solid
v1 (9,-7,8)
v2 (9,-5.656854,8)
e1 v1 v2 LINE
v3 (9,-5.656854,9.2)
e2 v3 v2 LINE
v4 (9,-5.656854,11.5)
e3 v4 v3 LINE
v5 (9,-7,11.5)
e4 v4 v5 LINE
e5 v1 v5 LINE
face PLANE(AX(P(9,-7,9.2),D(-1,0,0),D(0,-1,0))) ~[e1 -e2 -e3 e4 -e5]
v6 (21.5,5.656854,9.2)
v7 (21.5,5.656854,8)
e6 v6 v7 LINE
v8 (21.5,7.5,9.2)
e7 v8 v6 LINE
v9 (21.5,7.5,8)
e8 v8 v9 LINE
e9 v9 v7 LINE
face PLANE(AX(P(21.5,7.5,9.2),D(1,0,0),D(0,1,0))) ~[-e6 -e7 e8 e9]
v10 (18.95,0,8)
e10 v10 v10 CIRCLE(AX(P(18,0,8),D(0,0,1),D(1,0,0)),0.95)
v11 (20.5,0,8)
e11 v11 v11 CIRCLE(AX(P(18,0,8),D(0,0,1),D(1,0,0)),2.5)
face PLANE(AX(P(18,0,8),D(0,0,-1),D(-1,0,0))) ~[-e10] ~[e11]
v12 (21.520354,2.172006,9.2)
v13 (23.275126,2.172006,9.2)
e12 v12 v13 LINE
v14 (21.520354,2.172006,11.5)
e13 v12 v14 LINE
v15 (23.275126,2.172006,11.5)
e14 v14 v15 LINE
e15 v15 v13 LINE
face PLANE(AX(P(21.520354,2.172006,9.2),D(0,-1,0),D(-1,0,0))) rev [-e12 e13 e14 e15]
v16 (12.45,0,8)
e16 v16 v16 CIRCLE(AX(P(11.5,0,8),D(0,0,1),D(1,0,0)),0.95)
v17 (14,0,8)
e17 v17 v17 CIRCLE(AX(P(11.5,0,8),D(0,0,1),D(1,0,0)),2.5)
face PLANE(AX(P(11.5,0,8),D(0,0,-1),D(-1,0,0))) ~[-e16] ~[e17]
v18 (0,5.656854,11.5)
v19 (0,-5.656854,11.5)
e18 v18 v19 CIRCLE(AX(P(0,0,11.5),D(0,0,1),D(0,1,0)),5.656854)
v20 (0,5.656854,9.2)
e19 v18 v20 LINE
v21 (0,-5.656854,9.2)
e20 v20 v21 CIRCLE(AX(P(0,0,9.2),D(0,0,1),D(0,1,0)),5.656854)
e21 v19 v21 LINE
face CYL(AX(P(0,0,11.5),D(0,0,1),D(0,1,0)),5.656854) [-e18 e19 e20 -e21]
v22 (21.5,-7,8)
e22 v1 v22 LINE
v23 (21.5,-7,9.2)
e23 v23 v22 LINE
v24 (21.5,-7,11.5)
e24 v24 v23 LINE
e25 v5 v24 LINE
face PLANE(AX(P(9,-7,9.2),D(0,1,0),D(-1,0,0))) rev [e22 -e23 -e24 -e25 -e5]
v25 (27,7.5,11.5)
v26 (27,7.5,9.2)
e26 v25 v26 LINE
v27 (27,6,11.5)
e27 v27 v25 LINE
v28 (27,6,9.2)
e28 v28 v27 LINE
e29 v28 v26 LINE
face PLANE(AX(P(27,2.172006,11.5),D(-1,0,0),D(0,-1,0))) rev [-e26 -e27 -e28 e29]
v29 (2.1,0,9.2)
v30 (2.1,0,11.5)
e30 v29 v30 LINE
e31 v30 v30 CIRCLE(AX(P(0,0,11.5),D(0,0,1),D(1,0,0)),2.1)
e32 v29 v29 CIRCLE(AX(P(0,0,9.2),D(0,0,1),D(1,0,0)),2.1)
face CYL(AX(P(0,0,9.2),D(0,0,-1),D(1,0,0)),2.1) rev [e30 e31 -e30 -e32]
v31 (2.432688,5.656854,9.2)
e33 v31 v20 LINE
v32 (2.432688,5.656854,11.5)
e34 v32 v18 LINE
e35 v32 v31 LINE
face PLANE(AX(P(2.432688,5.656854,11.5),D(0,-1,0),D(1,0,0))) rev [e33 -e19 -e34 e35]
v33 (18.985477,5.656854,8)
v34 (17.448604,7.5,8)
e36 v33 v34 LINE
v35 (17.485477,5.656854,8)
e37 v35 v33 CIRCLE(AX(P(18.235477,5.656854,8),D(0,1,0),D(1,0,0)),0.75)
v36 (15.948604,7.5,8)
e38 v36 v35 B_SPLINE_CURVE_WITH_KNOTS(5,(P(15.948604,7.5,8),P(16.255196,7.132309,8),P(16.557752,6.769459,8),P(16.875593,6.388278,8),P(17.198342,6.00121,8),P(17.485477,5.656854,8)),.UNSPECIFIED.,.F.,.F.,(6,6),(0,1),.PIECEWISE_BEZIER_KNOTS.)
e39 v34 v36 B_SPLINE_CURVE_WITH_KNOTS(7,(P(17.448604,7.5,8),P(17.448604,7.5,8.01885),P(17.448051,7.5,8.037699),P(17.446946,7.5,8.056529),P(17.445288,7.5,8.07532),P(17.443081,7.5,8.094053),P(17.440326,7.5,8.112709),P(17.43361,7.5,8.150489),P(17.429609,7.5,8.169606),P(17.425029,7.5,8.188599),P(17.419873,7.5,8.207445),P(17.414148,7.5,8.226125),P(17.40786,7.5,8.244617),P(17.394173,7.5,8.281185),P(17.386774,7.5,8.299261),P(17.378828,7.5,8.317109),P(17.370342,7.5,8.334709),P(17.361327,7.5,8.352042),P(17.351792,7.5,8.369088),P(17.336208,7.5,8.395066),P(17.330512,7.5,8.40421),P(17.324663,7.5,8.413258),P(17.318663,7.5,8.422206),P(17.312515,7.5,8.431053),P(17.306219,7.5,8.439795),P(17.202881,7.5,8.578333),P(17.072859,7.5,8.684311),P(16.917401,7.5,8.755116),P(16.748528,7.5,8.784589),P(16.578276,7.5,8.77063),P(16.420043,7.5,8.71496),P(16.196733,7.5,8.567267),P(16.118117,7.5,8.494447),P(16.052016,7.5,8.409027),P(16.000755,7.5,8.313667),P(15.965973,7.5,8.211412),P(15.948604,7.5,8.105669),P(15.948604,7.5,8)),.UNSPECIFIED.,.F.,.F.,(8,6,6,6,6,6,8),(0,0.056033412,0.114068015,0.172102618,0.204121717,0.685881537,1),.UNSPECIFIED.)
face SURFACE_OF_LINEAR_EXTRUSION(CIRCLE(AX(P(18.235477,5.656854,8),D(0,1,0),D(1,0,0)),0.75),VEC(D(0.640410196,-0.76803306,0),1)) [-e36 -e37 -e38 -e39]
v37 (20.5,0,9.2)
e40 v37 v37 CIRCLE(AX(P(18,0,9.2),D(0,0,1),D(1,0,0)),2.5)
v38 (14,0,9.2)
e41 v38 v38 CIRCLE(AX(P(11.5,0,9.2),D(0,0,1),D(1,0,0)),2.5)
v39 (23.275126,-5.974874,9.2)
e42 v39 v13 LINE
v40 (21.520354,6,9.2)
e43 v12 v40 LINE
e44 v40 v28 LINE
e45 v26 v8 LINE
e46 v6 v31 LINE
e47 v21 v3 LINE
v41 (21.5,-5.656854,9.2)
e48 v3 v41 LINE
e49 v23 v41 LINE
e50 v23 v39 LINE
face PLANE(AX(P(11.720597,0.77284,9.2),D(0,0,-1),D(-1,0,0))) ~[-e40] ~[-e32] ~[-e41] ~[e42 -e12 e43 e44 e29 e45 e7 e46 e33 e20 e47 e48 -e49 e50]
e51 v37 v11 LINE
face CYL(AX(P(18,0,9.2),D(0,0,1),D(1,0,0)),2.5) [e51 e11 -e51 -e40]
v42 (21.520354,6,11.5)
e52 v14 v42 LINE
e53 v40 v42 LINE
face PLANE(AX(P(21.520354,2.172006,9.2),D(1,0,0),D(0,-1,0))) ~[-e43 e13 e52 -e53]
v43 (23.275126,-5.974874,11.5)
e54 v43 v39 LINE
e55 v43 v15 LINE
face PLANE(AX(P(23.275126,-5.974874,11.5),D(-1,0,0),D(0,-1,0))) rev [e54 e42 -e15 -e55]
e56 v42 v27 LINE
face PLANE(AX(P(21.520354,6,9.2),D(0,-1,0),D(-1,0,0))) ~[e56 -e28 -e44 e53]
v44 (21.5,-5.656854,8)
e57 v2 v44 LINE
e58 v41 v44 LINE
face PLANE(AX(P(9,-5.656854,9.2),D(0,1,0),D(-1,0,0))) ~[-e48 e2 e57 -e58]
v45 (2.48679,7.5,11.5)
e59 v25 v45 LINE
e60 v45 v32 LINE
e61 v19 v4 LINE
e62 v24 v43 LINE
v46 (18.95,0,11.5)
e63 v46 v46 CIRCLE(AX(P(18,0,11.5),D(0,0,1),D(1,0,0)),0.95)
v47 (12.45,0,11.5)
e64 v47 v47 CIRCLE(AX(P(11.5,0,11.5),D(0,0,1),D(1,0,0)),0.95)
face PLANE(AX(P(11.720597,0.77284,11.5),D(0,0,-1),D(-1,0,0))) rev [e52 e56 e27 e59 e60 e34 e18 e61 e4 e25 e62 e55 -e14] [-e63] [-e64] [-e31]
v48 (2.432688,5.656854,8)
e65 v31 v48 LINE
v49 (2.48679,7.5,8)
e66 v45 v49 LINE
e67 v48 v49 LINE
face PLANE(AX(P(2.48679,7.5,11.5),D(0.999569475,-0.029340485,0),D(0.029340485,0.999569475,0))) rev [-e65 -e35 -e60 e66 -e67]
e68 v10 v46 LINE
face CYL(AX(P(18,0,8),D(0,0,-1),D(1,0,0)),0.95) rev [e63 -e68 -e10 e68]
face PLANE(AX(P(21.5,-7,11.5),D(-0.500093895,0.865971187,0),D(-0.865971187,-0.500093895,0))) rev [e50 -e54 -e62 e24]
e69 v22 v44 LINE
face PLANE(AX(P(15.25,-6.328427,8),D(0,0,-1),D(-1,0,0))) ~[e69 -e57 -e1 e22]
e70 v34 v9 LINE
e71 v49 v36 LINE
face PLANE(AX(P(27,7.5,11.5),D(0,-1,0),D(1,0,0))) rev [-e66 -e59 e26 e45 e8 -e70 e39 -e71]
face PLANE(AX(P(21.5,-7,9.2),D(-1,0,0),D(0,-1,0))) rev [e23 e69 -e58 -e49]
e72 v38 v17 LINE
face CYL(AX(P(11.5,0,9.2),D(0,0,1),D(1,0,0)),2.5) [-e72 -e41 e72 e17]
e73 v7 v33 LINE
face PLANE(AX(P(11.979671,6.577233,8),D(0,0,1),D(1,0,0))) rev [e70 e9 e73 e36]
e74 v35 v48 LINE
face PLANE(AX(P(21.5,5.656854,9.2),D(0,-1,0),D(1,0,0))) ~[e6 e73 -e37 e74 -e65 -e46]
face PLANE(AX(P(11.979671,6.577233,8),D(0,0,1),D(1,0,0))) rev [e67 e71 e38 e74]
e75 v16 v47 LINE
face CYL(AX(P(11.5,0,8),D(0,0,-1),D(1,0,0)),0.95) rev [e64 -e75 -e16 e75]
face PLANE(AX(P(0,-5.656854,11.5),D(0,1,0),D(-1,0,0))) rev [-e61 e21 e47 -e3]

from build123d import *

# Parameters (mm, degrees)
BOSS_EXTRUDE1_DEPTH  = 2
BOSS_EXTRUDE6_DEPTH  = 2.5
CUT_EXTRUDE6_DEPTH   = 2.5
BOSS_EXTRUDE14_DEPTH = 2.3
SKETCH32_R           = 2.1
CUT_EXTRUDE7_DEPTH   = 2.3
SKETCH33_W           = 12.5
SKETCH33_H           = 1.343145751
BOSS_EXTRUDE15_DEPTH = 1.2
SKETCH35_W           = 5.479645997
SKETCH35_H           = 3.827993755
CUT_EXTRUDE8_DEPTH   = 2.4
SKETCH36_W           = 3.7
SKETCH36_H           = 1.827993755
CUT_EXTRUDE9_DEPTH   = 2.4
SKETCH37_R           = 3.9
BOSS_EXTRUDE16_DEPTH = 2.3
CUT_EXTRUDE10_DEPTH  = 5.3
SKETCH43_R           = 2.5
BOSS_EXTRUDE17_DEPTH = 1.2
SKETCH44_R           = 0.95
CUT_EXTRUDE11_DEPTH  = 9
SKETCH45_R           = 2
CUT_EXTRUDE12_DEPTH  = 2.5
SKETCH52_R           = 0.75
CUT_EXTRUDE13_DEPTH  = 10


with BuildPart() as part:
    # Sketch3 → Boss-Extrude1 (new body)
    with BuildSketch(Plane.XY):
        with BuildLine():
            Line((8, 0), (9, -2.5))
            Line((9, -2.5), (9, -7))
            Line((9, -7), (21.5, -7))
            Line((21.5, -7), (25.050252532, -4.949747468))
            ThreePointArc((25.050252532, -4.949747468), (36.467156728, -2.678784027), (30, 7))
            Line((30, 7), (27, 7.5))
            Line((27, 7.5), (5.656854249, 7.5))
            Line((5.656854249, 7.5), (5.656854249, 5.656854249))
            ThreePointArc((5.656854249, 5.656854249), (7.39103626, 3.061467459), (8, 0))
        make_face()
    extrude(amount=BOSS_EXTRUDE1_DEPTH)

    # Sketch22 → Boss-Extrude6 (add)
    with BuildSketch(Plane.XY.offset(2)):
        with BuildLine():
            Line((5.656854249, 5.656854249), (2.486790148, 5.656854249))
            Line((2.486790148, 5.656854249), (2.486790148, 7.5))
            Line((2.486790148, 7.5), (5.656854249, 7.5))
            Line((5.656854249, 7.5), (21.5, 7.5))
            Line((21.5, 7.5), (27, 7.5))
            Line((27, 7.5), (27, 2.172006245))
            Line((27, 2.172006245), (23.275126266, 2.172006245))
            Line((23.275126266, 2.172006245), (23.275126266, -5.974873734))
            Line((23.275126266, -5.974873734), (21.5, -7))
            Line((21.5, -7), (9, -7))
            Line((9, -7), (9, -2.5))
            Line((9, -2.5), (8, 0))
            ThreePointArc((8, 0), (7.39103626, 3.061467459), (5.656854249, 5.656854249))
        make_face()
    extrude(amount=BOSS_EXTRUDE6_DEPTH)

    # Sketch26 → Cut-Extrude6 (cut)
    with BuildSketch(Plane.XY.offset(2)):
        Polygon((18.098080448, 5.3), (2.530052458, 5.3), (2.530052458, 4), (18.098080448, 4), (27, 4), (27, 5.3), align=None)
    extrude(amount=CUT_EXTRUDE6_DEPTH, mode=Mode.SUBTRACT)


with BuildPart() as body_2:
    # Sketch31 → Boss-Extrude14 (new body)
    with BuildSketch(Plane.XY.offset(4.5)):
        with BuildLine():
            Line((2.432688066, 5.656854249), (0, 5.656854249))
            ThreePointArc((0, 5.656854249), (-5.656854249, 0), (0, -5.656854249))
            Line((0, -5.656854249), (9, -5.656854249))
            Line((9, -5.656854249), (9, -7))
            Line((9, -7), (21.5, -7))
            Line((21.5, -7), (23.275126266, -5.974873734))
            Line((23.275126266, -5.974873734), (23.275126266, 2.172006245))
            Line((23.275126266, 2.172006245), (27, 2.172006245))
            Line((27, 2.172006245), (27, 7.5))
            Line((27, 7.5), (2.486790148, 7.5))
            Line((2.486790148, 7.5), (2.432688066, 5.656854249))
        make_face()
    extrude(amount=BOSS_EXTRUDE14_DEPTH)

    # Sketch32 → Cut-Extrude7 (cut)
    with BuildSketch(Plane.XY.offset(6.8)):
        Circle(SKETCH32_R)
    extrude(amount=-CUT_EXTRUDE7_DEPTH, mode=Mode.SUBTRACT)

    # Sketch33 → Boss-Extrude15 (add)
    with BuildSketch(Plane.XY.offset(6.8)):
        with Locations((15.25, -6.328427125)):
            Rectangle(SKETCH33_W, SKETCH33_H)
        Polygon((2.486790148, 7.5), (21.5, 7.5), (21.5, 5.656854249), (2.432688066, 5.656854249), align=None)
    extrude(amount=BOSS_EXTRUDE15_DEPTH)


with BuildPart() as cut_extrude8_tool:
    # Sketch35 → Cut-Extrude8 (new body)
    with BuildSketch(Plane.XY.offset(6.8)):
        with Locations((24.260177002, 4.086003123)):
            Rectangle(SKETCH35_W, SKETCH35_H)
    extrude(amount=-CUT_EXTRUDE8_DEPTH)


with BuildPart() as part_1:
    add(part.part)

    # Cut-Extrude8: cut by cut_extrude8_tool
    add(cut_extrude8_tool.part, mode=Mode.SUBTRACT)

    # Sketch36 → Cut-Extrude9 (cut)
    with BuildSketch(Plane.XY.offset(4.4)):
        with Locations((25.15, 3.086003123)):
            Rectangle(SKETCH36_W, SKETCH36_H)
    extrude(amount=-CUT_EXTRUDE9_DEPTH, mode=Mode.SUBTRACT)

    # Sketch37 → Boss-Extrude16 (add)
    with BuildSketch(Plane.XY.offset(2)):
        with Locations((30, 0)):
            Circle(SKETCH37_R)
    extrude(amount=BOSS_EXTRUDE16_DEPTH)

    # Sketch39 → Cut-Extrude10 (cut, through all)
    with BuildSketch(Plane.XY.offset(4.3)):
        with BuildLine():
            Line((29, 1.732050808), (29, -1.732050808))
            ThreePointArc((29, -1.732050808), (32, 0), (29, 1.732050808))
        make_face()
    extrude(amount=-CUT_EXTRUDE10_DEPTH, mode=Mode.SUBTRACT)


with BuildPart() as body_2_1:
    add(body_2.part)

    # Cut-Extrude8: cut by cut_extrude8_tool
    add(cut_extrude8_tool.part, mode=Mode.SUBTRACT)

    # Sketch43 → Boss-Extrude17 (add)
    with BuildSketch(Plane.XY.offset(6.8)):
        with Locations((11.5, 0)):
            Circle(SKETCH43_R)
        with Locations((18, 0)):
            Circle(SKETCH43_R)
    extrude(amount=BOSS_EXTRUDE17_DEPTH)


with BuildPart() as cut_extrude11_tool:
    # Sketch44 → Cut-Extrude11 (new body, through all)
    with BuildSketch(Plane.XY.offset(8)):
        with Locations((11.5, 0)):
            Circle(SKETCH44_R)
        with Locations((18, 0)):
            Circle(SKETCH44_R)
    extrude(amount=-CUT_EXTRUDE11_DEPTH)


with BuildPart() as part_2:
    add(part_1.part)

    # Cut-Extrude11: cut by cut_extrude11_tool
    add(cut_extrude11_tool.part, mode=Mode.SUBTRACT)

    # Sketch45 → Cut-Extrude12 (cut)
    with BuildSketch(Plane(origin=(0, 0, 0), x_dir=(-1, 0, 0), z_dir=(0, 0, -1))):
        with Locations((-11.5, 0)):
            Circle(SKETCH45_R)
        with Locations((-18, 0)):
            Circle(SKETCH45_R)
    extrude(amount=-CUT_EXTRUDE12_DEPTH, mode=Mode.SUBTRACT)


with BuildPart() as body_2_2:
    add(body_2_1.part)

    # Cut-Extrude11: cut by cut_extrude11_tool
    add(cut_extrude11_tool.part, mode=Mode.SUBTRACT)

    # Sketch52 → Cut-Extrude13 (cut, along a direction that is not the sketch's normal)
    with BuildSketch(Plane.XZ.offset(-5.656854249)):
        with Locations((18.235476819, 8)):
            Circle(SKETCH52_R)
    extrude(amount=-CUT_EXTRUDE13_DEPTH, dir=(0.640410196, -0.76803306, 0), mode=Mode.SUBTRACT)


with BuildPart() as body_3:
    # Mirror1: mirrored copy
    add(body_2_2.part.mirror(Plane.XY.offset(8)))


with BuildPart() as body_4:
    # Mirror1 2: mirrored copy
    add(part_2.part.mirror(Plane.XY.offset(8)))


solid = body_3.part
